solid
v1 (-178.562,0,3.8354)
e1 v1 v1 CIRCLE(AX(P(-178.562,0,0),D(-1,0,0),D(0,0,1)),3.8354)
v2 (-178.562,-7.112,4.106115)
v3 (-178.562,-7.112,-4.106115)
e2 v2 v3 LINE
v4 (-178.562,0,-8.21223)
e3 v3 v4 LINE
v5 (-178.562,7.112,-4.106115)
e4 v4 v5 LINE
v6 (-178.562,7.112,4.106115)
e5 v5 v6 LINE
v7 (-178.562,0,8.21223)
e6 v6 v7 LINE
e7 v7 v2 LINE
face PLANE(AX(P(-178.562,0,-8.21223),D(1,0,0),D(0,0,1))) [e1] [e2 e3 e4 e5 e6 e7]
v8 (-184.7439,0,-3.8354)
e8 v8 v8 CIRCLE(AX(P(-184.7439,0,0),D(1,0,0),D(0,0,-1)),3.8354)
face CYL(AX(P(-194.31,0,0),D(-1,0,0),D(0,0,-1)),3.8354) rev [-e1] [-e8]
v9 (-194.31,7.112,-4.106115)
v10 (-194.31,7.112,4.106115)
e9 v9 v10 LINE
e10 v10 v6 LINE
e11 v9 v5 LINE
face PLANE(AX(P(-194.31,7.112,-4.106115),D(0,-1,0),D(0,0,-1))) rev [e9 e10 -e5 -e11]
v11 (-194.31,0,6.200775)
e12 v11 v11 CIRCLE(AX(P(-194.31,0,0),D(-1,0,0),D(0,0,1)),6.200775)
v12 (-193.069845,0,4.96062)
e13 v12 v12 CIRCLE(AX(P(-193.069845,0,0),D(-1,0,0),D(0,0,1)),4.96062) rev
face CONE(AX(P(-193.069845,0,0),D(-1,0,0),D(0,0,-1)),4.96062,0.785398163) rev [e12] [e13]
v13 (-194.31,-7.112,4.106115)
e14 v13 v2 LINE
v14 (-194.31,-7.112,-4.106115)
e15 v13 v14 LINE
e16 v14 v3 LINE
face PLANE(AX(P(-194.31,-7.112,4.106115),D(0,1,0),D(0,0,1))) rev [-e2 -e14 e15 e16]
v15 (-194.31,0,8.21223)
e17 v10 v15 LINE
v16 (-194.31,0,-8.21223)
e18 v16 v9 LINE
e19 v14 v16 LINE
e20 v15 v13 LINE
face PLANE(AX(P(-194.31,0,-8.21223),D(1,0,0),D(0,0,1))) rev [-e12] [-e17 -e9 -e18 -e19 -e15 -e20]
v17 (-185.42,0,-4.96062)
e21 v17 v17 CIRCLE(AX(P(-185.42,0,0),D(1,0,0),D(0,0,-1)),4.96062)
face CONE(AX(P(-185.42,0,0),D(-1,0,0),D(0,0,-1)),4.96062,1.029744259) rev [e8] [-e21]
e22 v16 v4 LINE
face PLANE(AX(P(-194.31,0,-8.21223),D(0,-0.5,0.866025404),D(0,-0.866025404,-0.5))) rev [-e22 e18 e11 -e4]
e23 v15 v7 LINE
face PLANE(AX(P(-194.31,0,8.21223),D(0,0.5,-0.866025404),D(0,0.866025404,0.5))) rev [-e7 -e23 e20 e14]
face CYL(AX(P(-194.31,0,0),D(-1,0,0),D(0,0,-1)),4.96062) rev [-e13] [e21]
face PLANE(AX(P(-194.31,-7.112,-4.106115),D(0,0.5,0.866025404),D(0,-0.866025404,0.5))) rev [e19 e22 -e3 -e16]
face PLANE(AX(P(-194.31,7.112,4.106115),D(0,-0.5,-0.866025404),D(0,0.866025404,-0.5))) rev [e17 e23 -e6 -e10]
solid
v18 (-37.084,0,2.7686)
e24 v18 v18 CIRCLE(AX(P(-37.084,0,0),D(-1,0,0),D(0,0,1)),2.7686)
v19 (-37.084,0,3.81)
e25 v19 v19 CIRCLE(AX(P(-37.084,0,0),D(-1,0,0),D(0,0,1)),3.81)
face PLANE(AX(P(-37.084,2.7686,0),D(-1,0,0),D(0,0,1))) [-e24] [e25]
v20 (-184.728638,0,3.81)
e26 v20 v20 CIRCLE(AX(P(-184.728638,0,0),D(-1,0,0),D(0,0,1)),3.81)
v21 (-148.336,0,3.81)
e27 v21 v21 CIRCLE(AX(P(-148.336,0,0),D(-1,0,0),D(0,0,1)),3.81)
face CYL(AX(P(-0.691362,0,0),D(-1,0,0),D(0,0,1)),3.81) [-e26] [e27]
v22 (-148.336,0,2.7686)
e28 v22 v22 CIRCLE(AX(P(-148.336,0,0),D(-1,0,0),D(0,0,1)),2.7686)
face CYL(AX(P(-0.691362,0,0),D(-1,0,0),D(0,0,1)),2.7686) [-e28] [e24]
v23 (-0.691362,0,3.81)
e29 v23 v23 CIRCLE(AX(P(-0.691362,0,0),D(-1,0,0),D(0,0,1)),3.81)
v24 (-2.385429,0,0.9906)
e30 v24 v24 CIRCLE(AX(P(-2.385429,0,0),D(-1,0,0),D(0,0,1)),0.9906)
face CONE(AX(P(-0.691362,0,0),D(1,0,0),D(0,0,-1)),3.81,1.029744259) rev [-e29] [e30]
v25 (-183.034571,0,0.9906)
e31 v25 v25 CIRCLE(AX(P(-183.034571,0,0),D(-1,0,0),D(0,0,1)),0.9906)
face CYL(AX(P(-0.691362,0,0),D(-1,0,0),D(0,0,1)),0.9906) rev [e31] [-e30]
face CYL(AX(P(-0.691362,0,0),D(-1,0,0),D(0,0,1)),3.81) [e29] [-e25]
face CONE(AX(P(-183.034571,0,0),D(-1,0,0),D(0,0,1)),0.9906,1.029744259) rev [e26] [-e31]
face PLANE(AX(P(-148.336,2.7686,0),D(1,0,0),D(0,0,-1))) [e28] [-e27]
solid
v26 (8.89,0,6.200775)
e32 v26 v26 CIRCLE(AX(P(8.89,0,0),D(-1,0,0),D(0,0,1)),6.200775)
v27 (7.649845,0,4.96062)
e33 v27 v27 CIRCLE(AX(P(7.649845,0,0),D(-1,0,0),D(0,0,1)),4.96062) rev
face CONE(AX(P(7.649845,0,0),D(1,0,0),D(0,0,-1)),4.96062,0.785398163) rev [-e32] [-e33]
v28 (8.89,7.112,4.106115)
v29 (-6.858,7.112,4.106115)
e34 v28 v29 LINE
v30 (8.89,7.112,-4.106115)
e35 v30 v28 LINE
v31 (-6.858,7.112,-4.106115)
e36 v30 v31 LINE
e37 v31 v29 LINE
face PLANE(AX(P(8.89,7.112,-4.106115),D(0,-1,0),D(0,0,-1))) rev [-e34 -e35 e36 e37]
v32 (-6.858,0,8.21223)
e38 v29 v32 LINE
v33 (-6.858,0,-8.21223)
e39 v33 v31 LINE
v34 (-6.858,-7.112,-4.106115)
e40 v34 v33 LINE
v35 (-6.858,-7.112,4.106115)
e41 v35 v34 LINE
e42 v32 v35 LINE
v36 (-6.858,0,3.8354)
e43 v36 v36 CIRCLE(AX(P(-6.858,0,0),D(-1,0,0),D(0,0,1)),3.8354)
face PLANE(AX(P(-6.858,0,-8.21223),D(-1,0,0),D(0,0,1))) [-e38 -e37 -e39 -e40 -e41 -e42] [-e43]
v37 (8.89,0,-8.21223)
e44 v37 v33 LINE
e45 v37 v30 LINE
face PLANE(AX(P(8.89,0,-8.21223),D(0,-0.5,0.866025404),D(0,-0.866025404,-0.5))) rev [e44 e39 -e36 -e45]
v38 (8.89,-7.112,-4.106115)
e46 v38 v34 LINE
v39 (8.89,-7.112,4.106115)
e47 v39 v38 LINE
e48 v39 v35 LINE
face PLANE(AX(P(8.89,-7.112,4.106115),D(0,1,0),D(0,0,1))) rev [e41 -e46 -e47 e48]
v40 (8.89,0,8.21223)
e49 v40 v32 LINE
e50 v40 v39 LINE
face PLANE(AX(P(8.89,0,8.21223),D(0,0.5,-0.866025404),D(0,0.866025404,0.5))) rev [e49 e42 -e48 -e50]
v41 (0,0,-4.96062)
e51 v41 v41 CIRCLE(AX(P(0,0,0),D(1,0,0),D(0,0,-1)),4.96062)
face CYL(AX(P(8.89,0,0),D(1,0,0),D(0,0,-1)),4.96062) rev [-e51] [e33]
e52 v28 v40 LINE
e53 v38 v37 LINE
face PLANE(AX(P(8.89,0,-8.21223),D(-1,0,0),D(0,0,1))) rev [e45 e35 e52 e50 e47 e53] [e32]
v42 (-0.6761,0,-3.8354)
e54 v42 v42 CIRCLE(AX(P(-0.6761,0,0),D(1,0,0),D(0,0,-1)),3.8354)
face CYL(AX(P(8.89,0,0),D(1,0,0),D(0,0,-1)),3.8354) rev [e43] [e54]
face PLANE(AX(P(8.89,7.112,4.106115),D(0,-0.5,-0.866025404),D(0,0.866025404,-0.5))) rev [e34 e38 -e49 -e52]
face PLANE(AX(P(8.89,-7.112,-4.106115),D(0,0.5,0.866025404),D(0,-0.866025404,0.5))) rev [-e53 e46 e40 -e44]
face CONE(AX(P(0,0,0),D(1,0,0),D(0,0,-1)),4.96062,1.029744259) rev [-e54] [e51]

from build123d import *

# Parameters (mm, degrees)
EXTRUDE2_DEPTH = 15.748
CHAMFER2_SIZE  = 1.240155


with BuildPart() as part:
    # Sketch5 → Extrude2 (new body)
    with BuildSketch(Plane(origin=(-6.858, 0, 0), x_dir=(0, 0, -1), z_dir=(1, 0, 0))):
        Polygon((4.106115114, 7.112), (-4.106115114, 7.112), (-8.212230229, 0), (-4.106115114, -7.112), (4.106115114, -7.112), (8.212230229, 0), align=None)
    extrude(amount=EXTRUDE2_DEPTH)

    # Sketch6 → Hole2 (revolve, cut)
    with BuildSketch(Plane(origin=(8.89, 0, 0), x_dir=(0, 0, -1), z_dir=(0, 1, 0))):
        Polygon((0, 0), (0, 15.748), (3.8354, 15.748), (3.8354, 9.566100386), (4.96062, 8.89), (4.96062, 0), align=None)
    revolve(axis=Axis((15.020023899, 0, 0), (-1, 0, 0)), mode=Mode.SUBTRACT)

    # Chamfer2
    chamfer2_edges = [part.edges().sort_by_distance(p)[0] for p in [
        (8.89, 0, 4.96062),
    ]]
    chamfer(chamfer2_edges, length=CHAMFER2_SIZE)


with BuildPart() as body_2:
    # Sketch8 → Revolve2 (revolve)
    with BuildSketch(Plane(origin=(0, 0, 0), x_dir=(-1, 0, 0), z_dir=(0, 0, -1)), mode=Mode.PRIVATE) as revolve2_sk:
        Polygon((0.691362245, 3.81), (2.385428675, 0.9906), (183.034571325, 0.9906), (184.728637755, 3.81), (148.336, 3.81), (148.336, 2.7686), (37.084, 2.7686), (37.084, 3.81), align=None)
    revolve(revolve2_sk.sketch.rotate(Axis((-0.691362245, 0, 0), (-1, 0, 0)), 270), axis=Axis((-0.691362245, 0, 0), (-1, 0, 0)))  # turned: the seam where the file's is


with BuildPart() as body_3:
    # Mirror2: mirrored copy
    add(part.part.mirror(Plane(origin=(-92.71, 0, 0), x_dir=(0, 0, 1), z_dir=(1, 0, 0))))


solid = Compound([part.part, body_2.part, body_3.part])
